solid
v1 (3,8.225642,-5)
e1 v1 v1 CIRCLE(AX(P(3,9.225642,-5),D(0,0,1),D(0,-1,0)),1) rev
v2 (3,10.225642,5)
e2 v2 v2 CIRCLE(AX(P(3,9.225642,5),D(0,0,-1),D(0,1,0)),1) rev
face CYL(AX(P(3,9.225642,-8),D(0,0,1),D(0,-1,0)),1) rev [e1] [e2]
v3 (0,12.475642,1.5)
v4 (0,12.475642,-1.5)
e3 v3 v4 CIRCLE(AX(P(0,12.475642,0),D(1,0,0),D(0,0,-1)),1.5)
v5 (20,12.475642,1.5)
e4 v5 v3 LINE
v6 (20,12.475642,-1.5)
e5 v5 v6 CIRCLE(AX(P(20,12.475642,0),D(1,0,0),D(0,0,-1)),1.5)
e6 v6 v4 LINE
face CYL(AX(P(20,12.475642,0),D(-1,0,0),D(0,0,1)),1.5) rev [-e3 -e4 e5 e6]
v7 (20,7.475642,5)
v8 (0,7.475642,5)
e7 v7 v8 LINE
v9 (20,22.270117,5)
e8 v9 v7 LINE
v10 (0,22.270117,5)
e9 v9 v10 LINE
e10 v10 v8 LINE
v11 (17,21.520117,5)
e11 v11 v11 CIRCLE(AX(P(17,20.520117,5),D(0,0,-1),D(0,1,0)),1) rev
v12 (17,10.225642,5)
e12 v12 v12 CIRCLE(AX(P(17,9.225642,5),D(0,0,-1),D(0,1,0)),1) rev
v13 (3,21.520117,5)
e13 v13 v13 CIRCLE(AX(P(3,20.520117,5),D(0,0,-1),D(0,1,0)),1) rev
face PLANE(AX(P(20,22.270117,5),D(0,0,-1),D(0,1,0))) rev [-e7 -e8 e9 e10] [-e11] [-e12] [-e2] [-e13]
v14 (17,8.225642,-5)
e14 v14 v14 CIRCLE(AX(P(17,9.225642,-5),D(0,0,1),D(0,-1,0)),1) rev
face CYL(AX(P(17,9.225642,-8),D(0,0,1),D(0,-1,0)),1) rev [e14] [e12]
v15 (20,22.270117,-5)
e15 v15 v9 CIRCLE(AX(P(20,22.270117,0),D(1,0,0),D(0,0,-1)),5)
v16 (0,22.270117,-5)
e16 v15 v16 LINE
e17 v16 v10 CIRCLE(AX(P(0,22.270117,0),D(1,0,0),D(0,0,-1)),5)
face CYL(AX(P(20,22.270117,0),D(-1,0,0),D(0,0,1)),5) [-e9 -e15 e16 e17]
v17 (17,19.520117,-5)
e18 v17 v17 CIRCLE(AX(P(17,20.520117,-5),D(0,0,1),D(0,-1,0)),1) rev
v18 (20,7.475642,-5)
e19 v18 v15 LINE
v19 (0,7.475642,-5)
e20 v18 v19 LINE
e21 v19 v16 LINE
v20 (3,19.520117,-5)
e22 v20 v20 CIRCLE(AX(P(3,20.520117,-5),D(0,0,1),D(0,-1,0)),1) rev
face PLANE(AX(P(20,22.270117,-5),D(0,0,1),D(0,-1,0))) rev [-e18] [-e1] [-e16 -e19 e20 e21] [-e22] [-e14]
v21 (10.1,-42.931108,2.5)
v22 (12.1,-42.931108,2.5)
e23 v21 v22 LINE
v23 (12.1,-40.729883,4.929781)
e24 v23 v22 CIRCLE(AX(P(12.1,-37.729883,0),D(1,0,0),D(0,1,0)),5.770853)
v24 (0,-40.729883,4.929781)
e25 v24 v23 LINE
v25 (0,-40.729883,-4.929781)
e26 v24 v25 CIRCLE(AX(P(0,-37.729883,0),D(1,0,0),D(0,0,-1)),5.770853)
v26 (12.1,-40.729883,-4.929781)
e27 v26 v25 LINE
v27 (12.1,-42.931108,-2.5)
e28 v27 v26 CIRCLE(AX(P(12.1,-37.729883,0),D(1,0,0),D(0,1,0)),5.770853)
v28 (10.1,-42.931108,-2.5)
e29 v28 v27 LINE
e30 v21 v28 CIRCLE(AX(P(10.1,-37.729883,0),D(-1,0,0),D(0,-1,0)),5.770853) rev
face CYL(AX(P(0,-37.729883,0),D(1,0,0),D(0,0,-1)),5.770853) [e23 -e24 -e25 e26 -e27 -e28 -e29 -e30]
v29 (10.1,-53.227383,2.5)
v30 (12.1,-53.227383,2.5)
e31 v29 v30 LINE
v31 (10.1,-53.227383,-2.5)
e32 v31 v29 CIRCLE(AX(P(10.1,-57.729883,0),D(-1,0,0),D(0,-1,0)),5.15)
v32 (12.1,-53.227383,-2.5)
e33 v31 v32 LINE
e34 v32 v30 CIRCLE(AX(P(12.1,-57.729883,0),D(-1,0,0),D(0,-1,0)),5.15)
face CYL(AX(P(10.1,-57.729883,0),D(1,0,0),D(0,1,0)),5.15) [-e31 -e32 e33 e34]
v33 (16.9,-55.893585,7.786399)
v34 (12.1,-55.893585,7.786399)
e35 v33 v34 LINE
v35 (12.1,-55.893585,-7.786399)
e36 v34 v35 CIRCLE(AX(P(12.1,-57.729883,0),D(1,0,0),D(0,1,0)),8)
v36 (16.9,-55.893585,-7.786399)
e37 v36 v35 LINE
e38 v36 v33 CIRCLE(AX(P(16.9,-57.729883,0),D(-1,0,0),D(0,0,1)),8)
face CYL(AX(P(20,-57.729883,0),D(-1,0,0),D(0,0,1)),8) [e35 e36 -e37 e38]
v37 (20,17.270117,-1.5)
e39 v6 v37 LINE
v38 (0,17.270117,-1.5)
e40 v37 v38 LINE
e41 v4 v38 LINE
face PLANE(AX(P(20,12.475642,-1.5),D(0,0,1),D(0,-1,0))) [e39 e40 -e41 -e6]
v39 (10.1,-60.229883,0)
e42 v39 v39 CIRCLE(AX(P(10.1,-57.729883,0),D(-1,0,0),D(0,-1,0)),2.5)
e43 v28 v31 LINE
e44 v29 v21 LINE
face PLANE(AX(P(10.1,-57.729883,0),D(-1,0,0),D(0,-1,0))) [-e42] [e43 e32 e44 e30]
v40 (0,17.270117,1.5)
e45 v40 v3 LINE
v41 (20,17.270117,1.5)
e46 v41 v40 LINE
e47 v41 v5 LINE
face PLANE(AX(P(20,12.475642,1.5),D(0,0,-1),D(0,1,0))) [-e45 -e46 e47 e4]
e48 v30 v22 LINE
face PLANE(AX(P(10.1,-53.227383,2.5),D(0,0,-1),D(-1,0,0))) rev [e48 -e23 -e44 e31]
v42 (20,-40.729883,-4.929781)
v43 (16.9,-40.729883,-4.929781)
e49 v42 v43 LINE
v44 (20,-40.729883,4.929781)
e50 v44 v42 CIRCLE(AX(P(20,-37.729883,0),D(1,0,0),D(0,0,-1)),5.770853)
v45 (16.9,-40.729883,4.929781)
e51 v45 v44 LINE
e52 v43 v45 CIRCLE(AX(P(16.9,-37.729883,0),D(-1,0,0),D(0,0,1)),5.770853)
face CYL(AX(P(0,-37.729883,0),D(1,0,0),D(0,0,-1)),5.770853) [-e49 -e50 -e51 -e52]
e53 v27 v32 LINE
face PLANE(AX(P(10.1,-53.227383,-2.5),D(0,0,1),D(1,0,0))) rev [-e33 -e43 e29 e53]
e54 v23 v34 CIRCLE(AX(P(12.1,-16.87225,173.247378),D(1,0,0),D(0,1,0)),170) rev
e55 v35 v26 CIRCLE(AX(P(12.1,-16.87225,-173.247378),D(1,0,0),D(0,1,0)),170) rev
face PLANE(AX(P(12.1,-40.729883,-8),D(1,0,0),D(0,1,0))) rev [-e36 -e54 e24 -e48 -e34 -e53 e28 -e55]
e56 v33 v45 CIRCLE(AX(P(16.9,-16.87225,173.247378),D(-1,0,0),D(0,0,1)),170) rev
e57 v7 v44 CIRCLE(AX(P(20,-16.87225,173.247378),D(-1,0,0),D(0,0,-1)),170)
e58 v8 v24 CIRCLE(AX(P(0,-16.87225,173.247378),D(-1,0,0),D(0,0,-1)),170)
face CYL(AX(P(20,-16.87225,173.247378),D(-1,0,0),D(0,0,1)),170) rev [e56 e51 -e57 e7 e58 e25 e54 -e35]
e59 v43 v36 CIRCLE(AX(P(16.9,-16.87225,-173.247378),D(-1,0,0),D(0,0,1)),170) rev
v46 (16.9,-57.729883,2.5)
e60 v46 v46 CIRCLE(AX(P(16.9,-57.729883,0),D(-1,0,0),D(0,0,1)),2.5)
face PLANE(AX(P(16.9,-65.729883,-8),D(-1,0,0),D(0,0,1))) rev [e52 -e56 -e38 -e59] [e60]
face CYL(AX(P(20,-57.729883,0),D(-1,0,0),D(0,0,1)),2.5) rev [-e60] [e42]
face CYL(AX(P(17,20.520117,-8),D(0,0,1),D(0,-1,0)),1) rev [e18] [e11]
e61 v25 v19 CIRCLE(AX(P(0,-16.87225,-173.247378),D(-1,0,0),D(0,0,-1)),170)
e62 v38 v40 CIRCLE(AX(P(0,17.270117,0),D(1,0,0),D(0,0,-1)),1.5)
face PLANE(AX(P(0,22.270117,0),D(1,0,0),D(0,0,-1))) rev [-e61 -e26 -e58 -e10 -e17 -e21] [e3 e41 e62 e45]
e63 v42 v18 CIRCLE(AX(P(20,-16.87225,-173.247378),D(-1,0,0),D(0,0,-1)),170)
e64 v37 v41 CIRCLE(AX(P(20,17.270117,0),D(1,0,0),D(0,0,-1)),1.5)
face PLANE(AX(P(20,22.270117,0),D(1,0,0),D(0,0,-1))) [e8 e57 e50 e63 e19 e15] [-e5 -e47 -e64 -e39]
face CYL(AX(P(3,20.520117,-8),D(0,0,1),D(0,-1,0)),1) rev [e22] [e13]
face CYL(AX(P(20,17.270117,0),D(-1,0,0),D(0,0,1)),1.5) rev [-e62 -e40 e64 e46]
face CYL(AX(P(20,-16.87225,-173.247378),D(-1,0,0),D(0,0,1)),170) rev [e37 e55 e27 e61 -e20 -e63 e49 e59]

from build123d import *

# Parameters (mm, degrees)
SKETCH1_R                = 2.5
BOSS_EXTRUDE1_DEPTH      = 20
SKETCH24_W               = 8.1
SKETCH24_H               = 25
SKETCH24_W_2             = 3.1
CUT_EXTRUDE14_DEPTH      = 9
CUT_EXTRUDE14_DEPTH_BACK = 9
SKETCH25_R               = 1
CUT_EXTRUDE15_DEPTH      = 4
CUT_EXTRUDE15_DEPTH_BACK = 14
SKETCH31_W               = 4
SKETCH31_H               = 25
CUT_EXTRUDE17_DEPTH      = 4
CUT_EXTRUDE17_DEPTH_BACK = 14
BOSS_EXTRUDE5_START      = -20
BOSS_EXTRUDE5_DEPTH      = 20
SKETCH32_R               = 2.5
BOSS_EXTRUDE6_DEPTH      = 2


with BuildPart() as part:
    # Sketch1 → Boss-Extrude1 (new body)
    with BuildSketch(Plane(origin=(0, 0, 0), x_dir=(0, 0, -1), z_dir=(1, 0, 0))):
        with BuildLine():
            Line((-5, 22.270117322), (-5, 7.475642404))
            ThreePointArc((-5, 7.475642404), (-3.411481861, -24.340079768), (-7.786398999, -55.893584601))
            ThreePointArc((-7.786398999, -55.893584601), (0, -65.729882678), (7.786398999, -55.893584601))
            ThreePointArc((7.786398999, -55.893584601), (3.411481861, -24.340079768), (5, 7.475642404))
            Line((5, 7.475642404), (5, 22.270117322))
            ThreePointArc((5, 22.270117322), (0, 27.270117322), (-5, 22.270117322))
        make_face()
        with Locations((0, -57.729882678)):
            Circle(SKETCH1_R, mode=Mode.SUBTRACT)
        with BuildLine():
            Line((1.5, 12.475642404), (1.5, 17.270117322))
            ThreePointArc((1.5, 17.270117322), (0, 18.770117322), (-1.5, 17.270117322))
            Line((-1.5, 17.270117322), (-1.5, 12.475642404))
            ThreePointArc((-1.5, 12.475642404), (0, 10.975642404), (1.5, 12.475642404))
        make_face(mode=Mode.SUBTRACT)
    extrude(amount=BOSS_EXTRUDE1_DEPTH)

    # Sketch24 → Cut-Extrude14 (cut, two sides)
    with BuildSketch(Plane.XY) as cut_extrude14_sk:
        with Locations((4.05, -53.229882678)):
            Rectangle(SKETCH24_W, SKETCH24_H)
        with Locations((18.45, -53.229882678)):
            Rectangle(SKETCH24_W_2, SKETCH24_H)
    extrude(amount=CUT_EXTRUDE14_DEPTH, mode=Mode.SUBTRACT)
    extrude(cut_extrude14_sk.sketch, amount=-CUT_EXTRUDE14_DEPTH_BACK, mode=Mode.SUBTRACT)

    # Sketch25 → Cut-Extrude15 (cut, two sides)
    with BuildSketch(Plane(origin=(0, 0, -5), x_dir=(-1, 0, 0), z_dir=(0, 0, -1))) as cut_extrude15_sk:
        with Locations((-17, 9.225642404)):
            Circle(SKETCH25_R)
        with Locations((-17, 20.520117322)):
            Circle(SKETCH25_R)
        with Locations((-3, 9.225642404)):
            Circle(SKETCH25_R)
        with Locations((-3, 20.520117322)):
            Circle(SKETCH25_R)
    extrude(amount=CUT_EXTRUDE15_DEPTH, mode=Mode.SUBTRACT)
    extrude(cut_extrude15_sk.sketch, amount=-CUT_EXTRUDE15_DEPTH_BACK, mode=Mode.SUBTRACT)

    # Sketch31 → Cut-Extrude17 (cut, two sides)
    with BuildSketch(Plane.XY.offset(5)) as cut_extrude17_sk:
        with Locations((10.1, -53.229882678)):
            Rectangle(SKETCH31_W, SKETCH31_H)
    extrude(amount=CUT_EXTRUDE17_DEPTH, mode=Mode.SUBTRACT)
    extrude(cut_extrude17_sk.sketch, amount=-CUT_EXTRUDE17_DEPTH_BACK, mode=Mode.SUBTRACT)

    # Sketch26 → Boss-Extrude5 (add)
    with BuildSketch(Plane(origin=(20, 0, 0), x_dir=(0, 0, -1), z_dir=(1, 0, 0)).offset(BOSS_EXTRUDE5_START)):
        with BuildLine():
            Line((-4.929780951, -40.729882678), (4.929780951, -40.729882678))
            ThreePointArc((4.929780951, -40.729882678), (0, -43.50073532), (-4.929780951, -40.729882678))
        make_face()
    extrude(amount=BOSS_EXTRUDE5_DEPTH)

    # Sketch32 → Boss-Extrude6 (add)
    with BuildSketch(Plane.ZY.offset(-12.1)):
        with BuildLine():
            Line((-2.5, -53.227383372), (-2.5, -42.931107555))
            Line((-2.5, -42.931107555), (2.5, -42.931107555))
            Line((2.5, -42.931107555), (2.5, -53.227383372))
            ThreePointArc((2.5, -53.227383372), (0, -62.879882678), (-2.5, -53.227383372))
        make_face()
        with Locations((0, -57.729882678)):
            Circle(SKETCH32_R, mode=Mode.SUBTRACT)
    extrude(amount=BOSS_EXTRUDE6_DEPTH)


solid = part.part
